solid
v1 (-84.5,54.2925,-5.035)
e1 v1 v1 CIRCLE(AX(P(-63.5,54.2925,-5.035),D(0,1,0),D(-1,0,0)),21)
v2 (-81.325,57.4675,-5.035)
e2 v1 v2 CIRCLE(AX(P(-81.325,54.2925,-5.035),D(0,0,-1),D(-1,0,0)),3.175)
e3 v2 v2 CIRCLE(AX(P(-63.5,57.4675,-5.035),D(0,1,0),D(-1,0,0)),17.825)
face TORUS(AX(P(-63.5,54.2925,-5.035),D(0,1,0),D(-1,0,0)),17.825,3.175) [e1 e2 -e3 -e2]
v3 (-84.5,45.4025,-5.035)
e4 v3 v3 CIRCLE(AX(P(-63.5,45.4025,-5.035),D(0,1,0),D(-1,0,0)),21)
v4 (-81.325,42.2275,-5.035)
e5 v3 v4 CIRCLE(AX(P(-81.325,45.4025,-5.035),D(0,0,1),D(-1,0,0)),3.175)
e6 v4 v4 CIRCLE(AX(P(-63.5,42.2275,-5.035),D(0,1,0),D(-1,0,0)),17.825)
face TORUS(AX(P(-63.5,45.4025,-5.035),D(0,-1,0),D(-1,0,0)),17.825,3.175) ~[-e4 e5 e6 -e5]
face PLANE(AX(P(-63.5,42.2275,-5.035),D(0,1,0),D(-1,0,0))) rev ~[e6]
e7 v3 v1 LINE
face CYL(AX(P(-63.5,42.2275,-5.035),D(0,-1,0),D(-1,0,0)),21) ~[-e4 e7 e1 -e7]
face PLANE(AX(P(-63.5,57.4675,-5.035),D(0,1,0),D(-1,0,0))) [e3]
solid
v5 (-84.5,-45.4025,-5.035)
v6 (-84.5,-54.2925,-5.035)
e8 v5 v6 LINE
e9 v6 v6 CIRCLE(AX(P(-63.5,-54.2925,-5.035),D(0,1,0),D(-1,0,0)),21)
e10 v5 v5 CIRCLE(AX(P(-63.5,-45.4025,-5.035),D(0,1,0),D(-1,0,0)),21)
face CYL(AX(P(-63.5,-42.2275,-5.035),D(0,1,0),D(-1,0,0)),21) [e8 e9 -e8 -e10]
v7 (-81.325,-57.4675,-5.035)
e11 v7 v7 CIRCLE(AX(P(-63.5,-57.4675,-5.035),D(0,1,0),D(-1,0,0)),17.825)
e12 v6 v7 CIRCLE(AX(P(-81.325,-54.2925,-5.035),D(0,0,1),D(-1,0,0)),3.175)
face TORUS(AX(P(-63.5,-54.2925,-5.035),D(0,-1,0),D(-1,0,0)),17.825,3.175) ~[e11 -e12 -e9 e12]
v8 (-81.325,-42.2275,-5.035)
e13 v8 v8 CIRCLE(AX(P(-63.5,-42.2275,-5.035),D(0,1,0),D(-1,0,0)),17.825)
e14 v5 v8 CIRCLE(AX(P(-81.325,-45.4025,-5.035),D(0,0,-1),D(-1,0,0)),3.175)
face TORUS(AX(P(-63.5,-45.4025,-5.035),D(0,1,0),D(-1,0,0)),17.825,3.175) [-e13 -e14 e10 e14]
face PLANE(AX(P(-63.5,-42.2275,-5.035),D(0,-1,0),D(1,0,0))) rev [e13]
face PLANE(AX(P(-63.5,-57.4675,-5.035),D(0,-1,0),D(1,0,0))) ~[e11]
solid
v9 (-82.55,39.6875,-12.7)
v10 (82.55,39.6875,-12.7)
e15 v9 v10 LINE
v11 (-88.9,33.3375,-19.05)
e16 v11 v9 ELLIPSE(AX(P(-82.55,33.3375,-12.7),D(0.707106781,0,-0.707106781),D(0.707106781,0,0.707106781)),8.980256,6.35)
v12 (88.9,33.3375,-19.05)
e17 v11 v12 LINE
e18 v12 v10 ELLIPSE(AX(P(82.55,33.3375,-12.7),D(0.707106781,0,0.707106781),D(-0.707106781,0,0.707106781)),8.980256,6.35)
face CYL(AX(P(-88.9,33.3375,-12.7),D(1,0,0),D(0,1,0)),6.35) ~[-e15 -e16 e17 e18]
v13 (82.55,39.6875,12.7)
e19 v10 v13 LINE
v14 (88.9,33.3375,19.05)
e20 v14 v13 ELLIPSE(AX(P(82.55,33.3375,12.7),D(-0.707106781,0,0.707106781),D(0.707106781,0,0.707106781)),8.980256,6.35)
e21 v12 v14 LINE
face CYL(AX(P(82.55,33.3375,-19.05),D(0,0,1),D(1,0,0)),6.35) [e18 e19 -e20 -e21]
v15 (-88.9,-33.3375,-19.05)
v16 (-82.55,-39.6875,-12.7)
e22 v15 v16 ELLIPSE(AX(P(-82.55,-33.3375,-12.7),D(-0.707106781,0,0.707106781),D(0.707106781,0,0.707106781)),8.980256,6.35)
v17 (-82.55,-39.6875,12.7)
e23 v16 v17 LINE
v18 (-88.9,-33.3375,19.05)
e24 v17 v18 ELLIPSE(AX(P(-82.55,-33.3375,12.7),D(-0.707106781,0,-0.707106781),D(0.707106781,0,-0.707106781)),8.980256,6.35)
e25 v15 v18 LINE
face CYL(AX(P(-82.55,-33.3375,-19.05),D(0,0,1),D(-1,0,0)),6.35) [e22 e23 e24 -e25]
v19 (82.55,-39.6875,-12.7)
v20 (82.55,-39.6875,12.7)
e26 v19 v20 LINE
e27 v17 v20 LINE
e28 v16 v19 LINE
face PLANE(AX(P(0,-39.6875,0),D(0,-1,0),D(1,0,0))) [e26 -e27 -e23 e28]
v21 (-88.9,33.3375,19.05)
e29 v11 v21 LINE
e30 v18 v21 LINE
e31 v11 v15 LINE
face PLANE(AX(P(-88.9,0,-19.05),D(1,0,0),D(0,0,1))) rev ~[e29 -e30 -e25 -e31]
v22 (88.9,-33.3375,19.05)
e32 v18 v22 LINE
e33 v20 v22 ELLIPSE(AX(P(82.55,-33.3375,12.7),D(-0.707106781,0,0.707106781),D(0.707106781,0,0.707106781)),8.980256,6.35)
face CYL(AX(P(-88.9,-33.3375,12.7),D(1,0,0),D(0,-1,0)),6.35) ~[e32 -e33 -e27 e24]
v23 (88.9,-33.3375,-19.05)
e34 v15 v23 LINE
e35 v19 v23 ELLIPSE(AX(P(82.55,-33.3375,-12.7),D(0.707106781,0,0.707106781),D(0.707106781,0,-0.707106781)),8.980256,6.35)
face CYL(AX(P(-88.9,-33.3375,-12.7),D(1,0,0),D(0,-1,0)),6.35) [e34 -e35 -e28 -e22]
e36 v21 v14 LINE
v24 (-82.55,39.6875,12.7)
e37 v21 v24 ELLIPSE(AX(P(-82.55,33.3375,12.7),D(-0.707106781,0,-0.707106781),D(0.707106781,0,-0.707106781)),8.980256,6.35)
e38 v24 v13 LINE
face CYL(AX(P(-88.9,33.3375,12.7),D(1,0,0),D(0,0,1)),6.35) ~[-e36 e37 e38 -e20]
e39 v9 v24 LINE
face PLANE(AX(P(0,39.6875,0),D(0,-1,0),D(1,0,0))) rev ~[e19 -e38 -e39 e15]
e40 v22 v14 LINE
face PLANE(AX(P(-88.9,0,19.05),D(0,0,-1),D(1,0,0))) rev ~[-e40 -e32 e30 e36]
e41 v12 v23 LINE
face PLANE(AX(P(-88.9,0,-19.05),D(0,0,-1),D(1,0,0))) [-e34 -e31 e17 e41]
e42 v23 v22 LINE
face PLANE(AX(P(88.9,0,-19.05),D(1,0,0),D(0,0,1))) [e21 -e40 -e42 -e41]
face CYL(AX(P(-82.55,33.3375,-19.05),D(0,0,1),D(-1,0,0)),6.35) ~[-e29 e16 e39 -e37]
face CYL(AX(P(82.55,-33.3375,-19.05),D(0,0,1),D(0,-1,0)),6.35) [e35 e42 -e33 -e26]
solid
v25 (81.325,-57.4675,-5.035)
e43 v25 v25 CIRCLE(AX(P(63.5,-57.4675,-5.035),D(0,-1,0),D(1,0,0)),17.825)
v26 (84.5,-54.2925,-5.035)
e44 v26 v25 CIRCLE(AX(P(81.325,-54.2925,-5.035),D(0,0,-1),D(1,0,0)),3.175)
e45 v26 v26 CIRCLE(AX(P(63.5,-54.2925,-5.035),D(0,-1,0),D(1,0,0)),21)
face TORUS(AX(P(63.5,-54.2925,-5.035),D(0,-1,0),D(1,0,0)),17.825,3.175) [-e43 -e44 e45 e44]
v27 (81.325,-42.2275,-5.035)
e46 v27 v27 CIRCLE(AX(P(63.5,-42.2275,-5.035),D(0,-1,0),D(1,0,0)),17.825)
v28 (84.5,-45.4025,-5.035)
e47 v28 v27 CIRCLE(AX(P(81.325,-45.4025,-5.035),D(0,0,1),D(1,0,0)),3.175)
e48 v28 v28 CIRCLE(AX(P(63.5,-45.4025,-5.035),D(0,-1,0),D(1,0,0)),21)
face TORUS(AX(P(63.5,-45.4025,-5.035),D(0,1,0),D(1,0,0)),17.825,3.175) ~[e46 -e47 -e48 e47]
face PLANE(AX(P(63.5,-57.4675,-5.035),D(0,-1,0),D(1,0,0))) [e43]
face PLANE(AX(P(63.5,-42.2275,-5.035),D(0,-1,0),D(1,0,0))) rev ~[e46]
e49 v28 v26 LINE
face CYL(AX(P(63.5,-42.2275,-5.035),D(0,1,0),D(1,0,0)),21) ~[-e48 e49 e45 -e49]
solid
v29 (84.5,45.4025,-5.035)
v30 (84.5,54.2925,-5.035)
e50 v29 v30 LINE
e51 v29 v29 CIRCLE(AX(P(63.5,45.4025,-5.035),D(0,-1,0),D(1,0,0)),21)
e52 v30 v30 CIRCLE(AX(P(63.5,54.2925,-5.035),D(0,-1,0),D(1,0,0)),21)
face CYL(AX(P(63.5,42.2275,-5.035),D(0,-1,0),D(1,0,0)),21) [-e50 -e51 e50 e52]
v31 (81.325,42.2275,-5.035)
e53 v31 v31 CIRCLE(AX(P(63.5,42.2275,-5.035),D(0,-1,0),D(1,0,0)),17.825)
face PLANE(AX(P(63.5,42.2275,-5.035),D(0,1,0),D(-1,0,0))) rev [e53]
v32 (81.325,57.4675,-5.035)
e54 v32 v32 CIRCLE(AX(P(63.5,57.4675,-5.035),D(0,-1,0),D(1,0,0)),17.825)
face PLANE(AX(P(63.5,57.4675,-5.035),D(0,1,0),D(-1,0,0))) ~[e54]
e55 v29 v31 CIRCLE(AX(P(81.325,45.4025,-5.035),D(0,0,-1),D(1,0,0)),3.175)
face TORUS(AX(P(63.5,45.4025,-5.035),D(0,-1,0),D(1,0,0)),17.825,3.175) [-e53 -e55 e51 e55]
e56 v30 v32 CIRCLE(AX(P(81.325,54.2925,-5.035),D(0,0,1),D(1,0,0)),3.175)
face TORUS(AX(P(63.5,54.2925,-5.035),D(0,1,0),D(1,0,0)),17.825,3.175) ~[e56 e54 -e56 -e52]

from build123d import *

# Parameters (mm, degrees)
F0_W     = 177.8
F0_H     = 38.1
F2_DEPTH = 39.6875
F4_R     = 21
F5_DEPTH = 15.24
F6_R     = 6.35
F7_R     = 3.175


with BuildPart() as f2:
    # F0 (on Front) → F2 (new body, symmetric)
    with BuildSketch(Plane.XZ):
        Rectangle(F0_W, F0_H)
    extrude(amount=F2_DEPTH, both=True)

    # F6
    f6_edges = [f2.edges().sort_by_distance(p)[0] for p in [
        (0, -39.6875, 19.05),
        (-88.9, -39.6875, 0),
        (0, -39.6875, -19.05),
        (88.9, -39.6875, 0),
        (88.9, 39.6875, 0),
        (0, 39.6875, 19.05),
        (-88.9, 39.6875, 0),
        (0, 39.6875, -19.05),
    ]]
    fillet(f6_edges, radius=F6_R)


with BuildPart() as f5:
    # F4 (on offset) → F5 (new body)
    with BuildSketch(Plane.XZ.offset(42.2275)):
        with Locations((63.5, -5.035)):
            Circle(F4_R)
    extrude(amount=F5_DEPTH)

    # F7
    f7_edges = [f5.edges().sort_by_distance(p)[0] for p in [
        (42.5, -57.4675, -5.035),
        (84.5, -49.8475, -5.035),
        (42.5, -42.2275, -5.035),
    ]]
    fillet(f7_edges, radius=F7_R)


with BuildPart() as f8_1:
    # F8: instance of F5
    add(f5.part.mirror(Plane.XZ))


with BuildPart() as f9_1:
    # F9: instance of F5
    add(f5.part.mirror(Plane.YZ))


with BuildPart() as f9_2:
    # F9: instance of F8_1
    add(f8_1.part.mirror(Plane.YZ))


solid = Compound([f2.part, f5.part, f8_1.part, f9_1.part, f9_2.part])
